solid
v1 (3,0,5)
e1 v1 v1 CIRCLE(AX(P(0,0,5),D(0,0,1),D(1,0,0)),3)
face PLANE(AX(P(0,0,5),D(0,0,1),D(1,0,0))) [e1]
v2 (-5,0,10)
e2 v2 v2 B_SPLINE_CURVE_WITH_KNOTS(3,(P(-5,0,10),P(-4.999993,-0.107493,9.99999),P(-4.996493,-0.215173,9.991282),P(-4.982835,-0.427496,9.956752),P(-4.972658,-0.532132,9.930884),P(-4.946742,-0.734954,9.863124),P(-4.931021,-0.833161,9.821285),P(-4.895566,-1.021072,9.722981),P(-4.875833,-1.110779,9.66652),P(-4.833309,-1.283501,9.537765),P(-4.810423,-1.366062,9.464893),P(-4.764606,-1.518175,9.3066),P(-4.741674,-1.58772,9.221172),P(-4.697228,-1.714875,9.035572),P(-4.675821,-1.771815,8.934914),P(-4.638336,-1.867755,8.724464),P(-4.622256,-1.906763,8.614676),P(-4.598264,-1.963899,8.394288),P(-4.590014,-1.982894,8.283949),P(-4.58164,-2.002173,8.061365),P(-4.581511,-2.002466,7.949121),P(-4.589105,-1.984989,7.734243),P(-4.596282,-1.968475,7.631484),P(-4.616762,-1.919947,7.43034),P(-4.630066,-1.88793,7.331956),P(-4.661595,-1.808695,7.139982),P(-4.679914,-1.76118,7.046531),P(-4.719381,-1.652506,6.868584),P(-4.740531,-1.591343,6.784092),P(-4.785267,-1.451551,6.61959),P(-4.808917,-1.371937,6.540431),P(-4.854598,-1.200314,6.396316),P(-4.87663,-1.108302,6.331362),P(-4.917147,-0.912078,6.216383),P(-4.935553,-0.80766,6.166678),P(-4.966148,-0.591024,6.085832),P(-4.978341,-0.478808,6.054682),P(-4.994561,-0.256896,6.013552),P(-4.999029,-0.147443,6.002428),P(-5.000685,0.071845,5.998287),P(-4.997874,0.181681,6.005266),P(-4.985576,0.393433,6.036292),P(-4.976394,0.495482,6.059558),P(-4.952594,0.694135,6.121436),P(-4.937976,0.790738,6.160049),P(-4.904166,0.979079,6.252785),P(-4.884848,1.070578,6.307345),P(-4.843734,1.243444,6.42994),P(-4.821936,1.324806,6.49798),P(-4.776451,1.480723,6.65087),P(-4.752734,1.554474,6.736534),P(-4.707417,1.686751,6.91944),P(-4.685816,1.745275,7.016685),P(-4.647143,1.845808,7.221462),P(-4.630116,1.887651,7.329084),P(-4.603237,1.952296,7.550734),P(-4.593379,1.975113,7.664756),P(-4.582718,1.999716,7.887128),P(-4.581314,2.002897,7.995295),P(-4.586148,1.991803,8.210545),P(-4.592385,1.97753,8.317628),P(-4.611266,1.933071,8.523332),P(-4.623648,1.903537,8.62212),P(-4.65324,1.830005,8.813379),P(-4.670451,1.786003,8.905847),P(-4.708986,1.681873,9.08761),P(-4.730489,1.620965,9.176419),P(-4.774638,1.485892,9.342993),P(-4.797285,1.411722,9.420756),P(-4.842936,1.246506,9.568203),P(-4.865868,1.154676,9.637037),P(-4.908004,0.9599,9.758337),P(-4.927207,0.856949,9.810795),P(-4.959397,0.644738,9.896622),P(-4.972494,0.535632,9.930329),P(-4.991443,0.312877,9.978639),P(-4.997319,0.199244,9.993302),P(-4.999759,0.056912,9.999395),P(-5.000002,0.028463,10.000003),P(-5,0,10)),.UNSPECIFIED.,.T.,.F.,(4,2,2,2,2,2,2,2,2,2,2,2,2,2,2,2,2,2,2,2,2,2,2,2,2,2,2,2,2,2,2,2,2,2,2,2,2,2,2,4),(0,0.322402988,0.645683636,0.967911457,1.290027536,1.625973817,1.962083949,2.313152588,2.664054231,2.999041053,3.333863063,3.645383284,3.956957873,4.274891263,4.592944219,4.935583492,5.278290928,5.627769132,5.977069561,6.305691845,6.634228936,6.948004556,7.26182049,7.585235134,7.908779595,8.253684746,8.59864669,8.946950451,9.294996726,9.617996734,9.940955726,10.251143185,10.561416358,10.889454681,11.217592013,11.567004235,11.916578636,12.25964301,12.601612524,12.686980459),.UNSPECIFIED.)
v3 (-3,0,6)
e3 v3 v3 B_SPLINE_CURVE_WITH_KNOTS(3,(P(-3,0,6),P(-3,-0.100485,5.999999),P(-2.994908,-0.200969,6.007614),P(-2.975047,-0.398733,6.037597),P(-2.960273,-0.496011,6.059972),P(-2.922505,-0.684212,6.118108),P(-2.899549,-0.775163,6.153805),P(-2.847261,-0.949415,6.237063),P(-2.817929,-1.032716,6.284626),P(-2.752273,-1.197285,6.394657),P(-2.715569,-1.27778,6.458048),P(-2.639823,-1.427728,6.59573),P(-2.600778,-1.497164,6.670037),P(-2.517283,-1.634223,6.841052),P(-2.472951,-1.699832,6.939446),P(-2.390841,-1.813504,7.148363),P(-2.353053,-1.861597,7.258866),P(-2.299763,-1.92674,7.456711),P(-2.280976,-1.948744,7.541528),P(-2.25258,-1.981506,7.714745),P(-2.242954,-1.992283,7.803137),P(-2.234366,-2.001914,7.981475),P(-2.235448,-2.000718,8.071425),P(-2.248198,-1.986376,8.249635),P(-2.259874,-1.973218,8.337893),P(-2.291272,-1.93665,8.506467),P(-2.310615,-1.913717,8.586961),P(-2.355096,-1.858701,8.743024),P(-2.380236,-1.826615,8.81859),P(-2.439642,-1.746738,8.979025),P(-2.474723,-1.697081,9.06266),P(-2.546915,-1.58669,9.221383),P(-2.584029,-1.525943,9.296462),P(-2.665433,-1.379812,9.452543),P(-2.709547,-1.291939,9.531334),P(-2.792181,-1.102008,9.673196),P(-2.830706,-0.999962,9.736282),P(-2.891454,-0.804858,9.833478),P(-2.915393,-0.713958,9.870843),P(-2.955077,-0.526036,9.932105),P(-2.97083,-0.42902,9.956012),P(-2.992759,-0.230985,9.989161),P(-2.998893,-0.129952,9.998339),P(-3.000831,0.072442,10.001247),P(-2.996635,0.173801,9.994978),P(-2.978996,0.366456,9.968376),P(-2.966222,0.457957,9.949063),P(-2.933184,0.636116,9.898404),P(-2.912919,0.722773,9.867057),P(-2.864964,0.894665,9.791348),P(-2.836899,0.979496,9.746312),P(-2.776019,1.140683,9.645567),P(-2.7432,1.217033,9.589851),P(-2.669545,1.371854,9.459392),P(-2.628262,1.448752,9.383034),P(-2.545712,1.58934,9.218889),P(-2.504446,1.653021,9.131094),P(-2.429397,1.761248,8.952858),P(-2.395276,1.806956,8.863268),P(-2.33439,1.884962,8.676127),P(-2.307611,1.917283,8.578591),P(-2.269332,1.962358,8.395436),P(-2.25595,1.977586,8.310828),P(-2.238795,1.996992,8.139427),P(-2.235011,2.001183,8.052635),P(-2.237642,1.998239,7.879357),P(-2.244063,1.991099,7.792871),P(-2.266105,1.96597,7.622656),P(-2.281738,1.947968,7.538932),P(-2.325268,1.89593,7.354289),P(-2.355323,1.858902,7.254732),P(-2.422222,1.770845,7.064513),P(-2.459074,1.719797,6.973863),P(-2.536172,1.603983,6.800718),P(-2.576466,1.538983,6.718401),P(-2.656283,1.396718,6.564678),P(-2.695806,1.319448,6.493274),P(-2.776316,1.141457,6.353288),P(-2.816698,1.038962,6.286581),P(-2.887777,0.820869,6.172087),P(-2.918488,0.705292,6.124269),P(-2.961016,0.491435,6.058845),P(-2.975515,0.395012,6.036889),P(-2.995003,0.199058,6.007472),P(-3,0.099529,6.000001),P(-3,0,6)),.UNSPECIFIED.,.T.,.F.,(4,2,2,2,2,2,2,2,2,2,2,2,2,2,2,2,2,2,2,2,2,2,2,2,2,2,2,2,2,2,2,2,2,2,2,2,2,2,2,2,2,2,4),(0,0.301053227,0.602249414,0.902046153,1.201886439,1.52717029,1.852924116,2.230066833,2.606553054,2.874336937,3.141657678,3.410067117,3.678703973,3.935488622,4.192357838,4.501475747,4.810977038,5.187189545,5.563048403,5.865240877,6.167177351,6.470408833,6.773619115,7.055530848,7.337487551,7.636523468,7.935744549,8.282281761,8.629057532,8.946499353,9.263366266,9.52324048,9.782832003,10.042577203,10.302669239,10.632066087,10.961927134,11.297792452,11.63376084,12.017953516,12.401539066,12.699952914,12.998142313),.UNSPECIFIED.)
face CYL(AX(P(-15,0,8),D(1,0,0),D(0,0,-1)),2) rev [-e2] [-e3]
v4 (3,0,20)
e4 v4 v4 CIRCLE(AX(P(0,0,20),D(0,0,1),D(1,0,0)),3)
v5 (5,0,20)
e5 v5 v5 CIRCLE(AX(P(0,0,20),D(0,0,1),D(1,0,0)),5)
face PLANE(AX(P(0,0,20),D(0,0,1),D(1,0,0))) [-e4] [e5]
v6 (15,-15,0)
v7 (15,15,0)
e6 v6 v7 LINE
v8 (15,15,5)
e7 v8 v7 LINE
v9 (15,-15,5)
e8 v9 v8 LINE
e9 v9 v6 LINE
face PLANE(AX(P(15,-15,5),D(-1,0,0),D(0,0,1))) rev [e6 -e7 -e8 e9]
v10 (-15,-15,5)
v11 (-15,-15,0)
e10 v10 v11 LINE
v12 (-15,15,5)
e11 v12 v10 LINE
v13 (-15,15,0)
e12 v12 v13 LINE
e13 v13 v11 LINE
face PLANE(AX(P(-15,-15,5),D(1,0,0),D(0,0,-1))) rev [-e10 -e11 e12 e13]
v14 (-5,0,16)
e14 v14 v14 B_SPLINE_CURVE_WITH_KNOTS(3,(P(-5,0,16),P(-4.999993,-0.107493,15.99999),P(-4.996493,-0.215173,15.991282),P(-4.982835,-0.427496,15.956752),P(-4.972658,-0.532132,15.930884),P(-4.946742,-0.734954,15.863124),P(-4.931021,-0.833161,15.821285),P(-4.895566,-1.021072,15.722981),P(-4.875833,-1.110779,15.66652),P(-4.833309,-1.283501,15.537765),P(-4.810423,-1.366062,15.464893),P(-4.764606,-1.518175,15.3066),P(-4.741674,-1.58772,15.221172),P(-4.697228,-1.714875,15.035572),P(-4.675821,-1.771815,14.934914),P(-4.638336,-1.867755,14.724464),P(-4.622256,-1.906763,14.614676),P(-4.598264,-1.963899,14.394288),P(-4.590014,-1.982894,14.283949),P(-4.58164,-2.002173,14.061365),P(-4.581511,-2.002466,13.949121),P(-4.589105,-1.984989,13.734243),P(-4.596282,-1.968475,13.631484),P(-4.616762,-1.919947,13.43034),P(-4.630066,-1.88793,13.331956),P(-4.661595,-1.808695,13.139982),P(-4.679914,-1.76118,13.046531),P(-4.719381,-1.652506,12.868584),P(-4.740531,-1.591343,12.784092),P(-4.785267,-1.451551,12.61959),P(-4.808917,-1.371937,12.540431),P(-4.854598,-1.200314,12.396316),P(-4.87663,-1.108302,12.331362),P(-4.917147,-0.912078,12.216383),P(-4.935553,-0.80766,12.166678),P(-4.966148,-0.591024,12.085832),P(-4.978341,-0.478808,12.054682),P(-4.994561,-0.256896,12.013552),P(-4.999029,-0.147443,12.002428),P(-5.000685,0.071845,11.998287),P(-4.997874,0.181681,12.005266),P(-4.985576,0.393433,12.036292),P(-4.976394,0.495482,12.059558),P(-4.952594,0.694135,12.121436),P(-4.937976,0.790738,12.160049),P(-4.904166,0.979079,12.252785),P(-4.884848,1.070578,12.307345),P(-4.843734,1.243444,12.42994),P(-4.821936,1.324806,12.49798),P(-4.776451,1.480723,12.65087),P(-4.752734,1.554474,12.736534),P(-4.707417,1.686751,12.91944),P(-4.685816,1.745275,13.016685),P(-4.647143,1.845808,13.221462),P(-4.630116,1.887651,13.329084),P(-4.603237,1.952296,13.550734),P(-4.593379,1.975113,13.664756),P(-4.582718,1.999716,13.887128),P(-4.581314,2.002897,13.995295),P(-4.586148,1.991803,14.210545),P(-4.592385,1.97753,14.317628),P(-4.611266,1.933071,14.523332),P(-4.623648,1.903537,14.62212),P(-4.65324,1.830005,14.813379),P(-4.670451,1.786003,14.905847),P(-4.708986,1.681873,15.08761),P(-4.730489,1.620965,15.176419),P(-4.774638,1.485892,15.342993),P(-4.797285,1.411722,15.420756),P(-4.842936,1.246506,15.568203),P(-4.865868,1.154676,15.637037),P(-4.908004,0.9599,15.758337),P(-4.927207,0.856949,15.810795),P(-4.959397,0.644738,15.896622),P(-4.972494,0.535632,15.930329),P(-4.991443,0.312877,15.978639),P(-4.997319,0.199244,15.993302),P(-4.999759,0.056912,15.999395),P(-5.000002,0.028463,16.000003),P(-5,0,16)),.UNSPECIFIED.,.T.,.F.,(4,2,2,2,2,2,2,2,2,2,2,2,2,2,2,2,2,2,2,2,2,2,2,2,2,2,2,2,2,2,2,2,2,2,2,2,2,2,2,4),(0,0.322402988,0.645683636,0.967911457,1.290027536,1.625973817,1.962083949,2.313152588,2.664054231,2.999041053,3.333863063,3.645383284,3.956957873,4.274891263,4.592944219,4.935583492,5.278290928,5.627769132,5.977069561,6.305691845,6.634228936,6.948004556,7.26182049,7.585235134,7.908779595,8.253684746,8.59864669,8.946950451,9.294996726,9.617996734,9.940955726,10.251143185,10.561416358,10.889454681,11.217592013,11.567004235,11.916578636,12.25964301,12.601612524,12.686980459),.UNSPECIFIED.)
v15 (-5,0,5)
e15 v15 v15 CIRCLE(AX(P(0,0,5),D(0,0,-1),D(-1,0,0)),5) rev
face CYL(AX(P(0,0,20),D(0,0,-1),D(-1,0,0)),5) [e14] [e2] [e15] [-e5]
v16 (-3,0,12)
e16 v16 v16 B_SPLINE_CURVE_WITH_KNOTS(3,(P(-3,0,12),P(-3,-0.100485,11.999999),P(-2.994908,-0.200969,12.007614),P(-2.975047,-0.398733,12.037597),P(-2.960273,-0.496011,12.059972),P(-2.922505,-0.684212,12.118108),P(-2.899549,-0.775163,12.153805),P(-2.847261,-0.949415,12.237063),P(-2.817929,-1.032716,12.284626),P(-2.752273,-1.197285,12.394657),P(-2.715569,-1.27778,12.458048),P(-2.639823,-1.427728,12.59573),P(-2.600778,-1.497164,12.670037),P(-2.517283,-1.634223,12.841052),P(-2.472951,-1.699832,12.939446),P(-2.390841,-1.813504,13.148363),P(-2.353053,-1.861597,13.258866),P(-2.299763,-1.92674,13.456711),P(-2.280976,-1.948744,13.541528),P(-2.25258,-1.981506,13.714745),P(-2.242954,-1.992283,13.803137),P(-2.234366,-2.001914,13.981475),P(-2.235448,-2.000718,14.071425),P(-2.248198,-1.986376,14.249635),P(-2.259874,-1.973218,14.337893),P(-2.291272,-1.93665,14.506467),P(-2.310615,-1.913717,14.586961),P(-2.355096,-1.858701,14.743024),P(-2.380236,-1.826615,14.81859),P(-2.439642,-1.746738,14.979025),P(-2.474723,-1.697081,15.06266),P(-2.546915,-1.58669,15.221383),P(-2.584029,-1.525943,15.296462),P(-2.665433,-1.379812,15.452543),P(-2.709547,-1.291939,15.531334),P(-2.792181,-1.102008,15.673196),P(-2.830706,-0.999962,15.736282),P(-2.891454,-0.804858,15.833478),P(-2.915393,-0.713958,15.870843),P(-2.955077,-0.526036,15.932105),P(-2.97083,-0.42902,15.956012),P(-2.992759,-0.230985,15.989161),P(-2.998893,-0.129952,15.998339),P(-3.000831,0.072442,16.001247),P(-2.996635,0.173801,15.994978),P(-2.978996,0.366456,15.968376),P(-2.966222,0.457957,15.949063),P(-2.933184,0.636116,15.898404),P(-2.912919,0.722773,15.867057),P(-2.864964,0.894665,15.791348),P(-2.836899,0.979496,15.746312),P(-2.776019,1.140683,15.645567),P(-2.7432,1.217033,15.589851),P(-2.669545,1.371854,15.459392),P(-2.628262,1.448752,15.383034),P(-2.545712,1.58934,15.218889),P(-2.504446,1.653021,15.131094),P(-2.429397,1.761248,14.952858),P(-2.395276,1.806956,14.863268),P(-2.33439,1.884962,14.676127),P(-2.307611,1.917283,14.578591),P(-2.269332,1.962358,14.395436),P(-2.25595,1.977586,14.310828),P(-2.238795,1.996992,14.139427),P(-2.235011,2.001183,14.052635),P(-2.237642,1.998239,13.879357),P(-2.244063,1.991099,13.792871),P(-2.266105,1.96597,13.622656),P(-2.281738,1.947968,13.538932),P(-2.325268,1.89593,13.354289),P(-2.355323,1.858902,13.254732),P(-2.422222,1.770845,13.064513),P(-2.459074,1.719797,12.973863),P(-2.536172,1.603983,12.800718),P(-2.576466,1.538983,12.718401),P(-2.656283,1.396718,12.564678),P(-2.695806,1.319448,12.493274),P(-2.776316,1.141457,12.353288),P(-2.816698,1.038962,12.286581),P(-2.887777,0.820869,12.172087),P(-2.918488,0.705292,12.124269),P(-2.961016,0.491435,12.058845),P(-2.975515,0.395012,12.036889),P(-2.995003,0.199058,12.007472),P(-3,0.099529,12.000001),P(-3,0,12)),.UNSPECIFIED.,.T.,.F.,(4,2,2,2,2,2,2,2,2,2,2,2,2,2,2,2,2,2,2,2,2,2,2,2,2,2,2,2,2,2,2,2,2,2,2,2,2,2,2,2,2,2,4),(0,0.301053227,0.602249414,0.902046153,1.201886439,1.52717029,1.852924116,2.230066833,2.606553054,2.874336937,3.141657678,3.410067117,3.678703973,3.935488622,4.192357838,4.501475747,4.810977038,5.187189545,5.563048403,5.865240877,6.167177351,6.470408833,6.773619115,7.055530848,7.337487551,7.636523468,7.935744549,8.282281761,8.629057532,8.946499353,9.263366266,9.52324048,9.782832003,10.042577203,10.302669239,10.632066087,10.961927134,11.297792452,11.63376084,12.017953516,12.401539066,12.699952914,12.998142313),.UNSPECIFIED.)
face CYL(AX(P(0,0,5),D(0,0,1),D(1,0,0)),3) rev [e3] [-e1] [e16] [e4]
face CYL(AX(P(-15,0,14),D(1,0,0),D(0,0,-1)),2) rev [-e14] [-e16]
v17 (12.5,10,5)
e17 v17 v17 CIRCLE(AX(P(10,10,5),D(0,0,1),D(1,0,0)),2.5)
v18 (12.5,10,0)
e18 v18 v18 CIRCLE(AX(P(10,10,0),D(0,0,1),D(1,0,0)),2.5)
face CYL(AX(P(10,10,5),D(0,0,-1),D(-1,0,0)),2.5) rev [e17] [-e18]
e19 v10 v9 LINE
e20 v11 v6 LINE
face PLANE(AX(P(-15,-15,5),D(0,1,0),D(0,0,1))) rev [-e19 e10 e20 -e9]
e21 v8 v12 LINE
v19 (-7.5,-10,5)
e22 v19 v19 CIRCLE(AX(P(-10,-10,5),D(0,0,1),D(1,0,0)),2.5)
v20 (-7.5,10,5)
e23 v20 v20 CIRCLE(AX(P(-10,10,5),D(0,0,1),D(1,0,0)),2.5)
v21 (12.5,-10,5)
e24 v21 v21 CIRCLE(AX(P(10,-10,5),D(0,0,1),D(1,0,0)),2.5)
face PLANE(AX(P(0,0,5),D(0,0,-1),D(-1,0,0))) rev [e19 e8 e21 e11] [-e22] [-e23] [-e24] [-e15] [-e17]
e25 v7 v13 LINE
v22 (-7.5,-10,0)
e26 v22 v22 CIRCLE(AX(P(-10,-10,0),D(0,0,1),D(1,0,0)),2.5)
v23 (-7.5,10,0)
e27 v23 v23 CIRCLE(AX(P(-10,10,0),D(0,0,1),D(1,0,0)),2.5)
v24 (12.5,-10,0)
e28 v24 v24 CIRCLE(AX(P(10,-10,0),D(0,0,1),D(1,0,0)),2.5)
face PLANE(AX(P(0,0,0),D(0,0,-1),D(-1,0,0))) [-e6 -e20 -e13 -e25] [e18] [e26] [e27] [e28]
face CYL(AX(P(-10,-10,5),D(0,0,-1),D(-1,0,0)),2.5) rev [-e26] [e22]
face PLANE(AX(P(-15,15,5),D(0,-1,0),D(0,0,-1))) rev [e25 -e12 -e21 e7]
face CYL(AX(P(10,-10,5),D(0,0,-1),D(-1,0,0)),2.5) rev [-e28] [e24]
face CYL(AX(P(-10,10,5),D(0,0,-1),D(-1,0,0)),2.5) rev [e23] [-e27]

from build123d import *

# Parameters (mm, degrees)
ESBO_O1_W                = 30
ESBO_O1_H                = 30
ESBO_O1_R                = 2.5
RESSALTO_EXTRUS_O1_DEPTH = 5
ESBO_O3_R                = 5
RESSALTO_EXTRUS_O2_DEPTH = 15
ESBO_O4_R                = 3
CORTE_EXTRUS_O1_DEPTH    = 15
ESBO_O5_R                = 2
CORTE_EXTRUS_O2_DEPTH    = 15


with BuildPart() as part:
    # Esboço1 → Ressalto-extrusão1 (new body)
    with BuildSketch(Plane.XY):
        Rectangle(ESBO_O1_W, ESBO_O1_H)
        with Locations((-10, 10)):
            Circle(ESBO_O1_R, mode=Mode.SUBTRACT)
        with Locations((10, 10)):
            Circle(ESBO_O1_R, mode=Mode.SUBTRACT)
        with Locations((10, -10)):
            Circle(ESBO_O1_R, mode=Mode.SUBTRACT)
        with Locations((-10, -10)):
            Circle(ESBO_O1_R, mode=Mode.SUBTRACT)
    extrude(amount=RESSALTO_EXTRUS_O1_DEPTH)

    # Esboço3 → Ressalto-extrusão2 (add)
    with BuildSketch(Plane.XY.offset(5)):
        Circle(ESBO_O3_R)
    extrude(amount=RESSALTO_EXTRUS_O2_DEPTH)

    # Esboço4 → Corte-extrusão1 (cut)
    with BuildSketch(Plane.XY.offset(20)):
        Circle(ESBO_O4_R)
    extrude(amount=-CORTE_EXTRUS_O1_DEPTH, mode=Mode.SUBTRACT)

    # Esboço5 → Corte-extrusão2 (cut)
    with BuildSketch(Plane(origin=(0, 0, 0), x_dir=(0, 0, -1), z_dir=(1, 0, 0))):
        with Locations((-8, 0)):
            Circle(ESBO_O5_R)
        with Locations((-14, 0)):
            Circle(ESBO_O5_R)
    extrude(amount=-CORTE_EXTRUS_O2_DEPTH, mode=Mode.SUBTRACT)


solid = part.part
